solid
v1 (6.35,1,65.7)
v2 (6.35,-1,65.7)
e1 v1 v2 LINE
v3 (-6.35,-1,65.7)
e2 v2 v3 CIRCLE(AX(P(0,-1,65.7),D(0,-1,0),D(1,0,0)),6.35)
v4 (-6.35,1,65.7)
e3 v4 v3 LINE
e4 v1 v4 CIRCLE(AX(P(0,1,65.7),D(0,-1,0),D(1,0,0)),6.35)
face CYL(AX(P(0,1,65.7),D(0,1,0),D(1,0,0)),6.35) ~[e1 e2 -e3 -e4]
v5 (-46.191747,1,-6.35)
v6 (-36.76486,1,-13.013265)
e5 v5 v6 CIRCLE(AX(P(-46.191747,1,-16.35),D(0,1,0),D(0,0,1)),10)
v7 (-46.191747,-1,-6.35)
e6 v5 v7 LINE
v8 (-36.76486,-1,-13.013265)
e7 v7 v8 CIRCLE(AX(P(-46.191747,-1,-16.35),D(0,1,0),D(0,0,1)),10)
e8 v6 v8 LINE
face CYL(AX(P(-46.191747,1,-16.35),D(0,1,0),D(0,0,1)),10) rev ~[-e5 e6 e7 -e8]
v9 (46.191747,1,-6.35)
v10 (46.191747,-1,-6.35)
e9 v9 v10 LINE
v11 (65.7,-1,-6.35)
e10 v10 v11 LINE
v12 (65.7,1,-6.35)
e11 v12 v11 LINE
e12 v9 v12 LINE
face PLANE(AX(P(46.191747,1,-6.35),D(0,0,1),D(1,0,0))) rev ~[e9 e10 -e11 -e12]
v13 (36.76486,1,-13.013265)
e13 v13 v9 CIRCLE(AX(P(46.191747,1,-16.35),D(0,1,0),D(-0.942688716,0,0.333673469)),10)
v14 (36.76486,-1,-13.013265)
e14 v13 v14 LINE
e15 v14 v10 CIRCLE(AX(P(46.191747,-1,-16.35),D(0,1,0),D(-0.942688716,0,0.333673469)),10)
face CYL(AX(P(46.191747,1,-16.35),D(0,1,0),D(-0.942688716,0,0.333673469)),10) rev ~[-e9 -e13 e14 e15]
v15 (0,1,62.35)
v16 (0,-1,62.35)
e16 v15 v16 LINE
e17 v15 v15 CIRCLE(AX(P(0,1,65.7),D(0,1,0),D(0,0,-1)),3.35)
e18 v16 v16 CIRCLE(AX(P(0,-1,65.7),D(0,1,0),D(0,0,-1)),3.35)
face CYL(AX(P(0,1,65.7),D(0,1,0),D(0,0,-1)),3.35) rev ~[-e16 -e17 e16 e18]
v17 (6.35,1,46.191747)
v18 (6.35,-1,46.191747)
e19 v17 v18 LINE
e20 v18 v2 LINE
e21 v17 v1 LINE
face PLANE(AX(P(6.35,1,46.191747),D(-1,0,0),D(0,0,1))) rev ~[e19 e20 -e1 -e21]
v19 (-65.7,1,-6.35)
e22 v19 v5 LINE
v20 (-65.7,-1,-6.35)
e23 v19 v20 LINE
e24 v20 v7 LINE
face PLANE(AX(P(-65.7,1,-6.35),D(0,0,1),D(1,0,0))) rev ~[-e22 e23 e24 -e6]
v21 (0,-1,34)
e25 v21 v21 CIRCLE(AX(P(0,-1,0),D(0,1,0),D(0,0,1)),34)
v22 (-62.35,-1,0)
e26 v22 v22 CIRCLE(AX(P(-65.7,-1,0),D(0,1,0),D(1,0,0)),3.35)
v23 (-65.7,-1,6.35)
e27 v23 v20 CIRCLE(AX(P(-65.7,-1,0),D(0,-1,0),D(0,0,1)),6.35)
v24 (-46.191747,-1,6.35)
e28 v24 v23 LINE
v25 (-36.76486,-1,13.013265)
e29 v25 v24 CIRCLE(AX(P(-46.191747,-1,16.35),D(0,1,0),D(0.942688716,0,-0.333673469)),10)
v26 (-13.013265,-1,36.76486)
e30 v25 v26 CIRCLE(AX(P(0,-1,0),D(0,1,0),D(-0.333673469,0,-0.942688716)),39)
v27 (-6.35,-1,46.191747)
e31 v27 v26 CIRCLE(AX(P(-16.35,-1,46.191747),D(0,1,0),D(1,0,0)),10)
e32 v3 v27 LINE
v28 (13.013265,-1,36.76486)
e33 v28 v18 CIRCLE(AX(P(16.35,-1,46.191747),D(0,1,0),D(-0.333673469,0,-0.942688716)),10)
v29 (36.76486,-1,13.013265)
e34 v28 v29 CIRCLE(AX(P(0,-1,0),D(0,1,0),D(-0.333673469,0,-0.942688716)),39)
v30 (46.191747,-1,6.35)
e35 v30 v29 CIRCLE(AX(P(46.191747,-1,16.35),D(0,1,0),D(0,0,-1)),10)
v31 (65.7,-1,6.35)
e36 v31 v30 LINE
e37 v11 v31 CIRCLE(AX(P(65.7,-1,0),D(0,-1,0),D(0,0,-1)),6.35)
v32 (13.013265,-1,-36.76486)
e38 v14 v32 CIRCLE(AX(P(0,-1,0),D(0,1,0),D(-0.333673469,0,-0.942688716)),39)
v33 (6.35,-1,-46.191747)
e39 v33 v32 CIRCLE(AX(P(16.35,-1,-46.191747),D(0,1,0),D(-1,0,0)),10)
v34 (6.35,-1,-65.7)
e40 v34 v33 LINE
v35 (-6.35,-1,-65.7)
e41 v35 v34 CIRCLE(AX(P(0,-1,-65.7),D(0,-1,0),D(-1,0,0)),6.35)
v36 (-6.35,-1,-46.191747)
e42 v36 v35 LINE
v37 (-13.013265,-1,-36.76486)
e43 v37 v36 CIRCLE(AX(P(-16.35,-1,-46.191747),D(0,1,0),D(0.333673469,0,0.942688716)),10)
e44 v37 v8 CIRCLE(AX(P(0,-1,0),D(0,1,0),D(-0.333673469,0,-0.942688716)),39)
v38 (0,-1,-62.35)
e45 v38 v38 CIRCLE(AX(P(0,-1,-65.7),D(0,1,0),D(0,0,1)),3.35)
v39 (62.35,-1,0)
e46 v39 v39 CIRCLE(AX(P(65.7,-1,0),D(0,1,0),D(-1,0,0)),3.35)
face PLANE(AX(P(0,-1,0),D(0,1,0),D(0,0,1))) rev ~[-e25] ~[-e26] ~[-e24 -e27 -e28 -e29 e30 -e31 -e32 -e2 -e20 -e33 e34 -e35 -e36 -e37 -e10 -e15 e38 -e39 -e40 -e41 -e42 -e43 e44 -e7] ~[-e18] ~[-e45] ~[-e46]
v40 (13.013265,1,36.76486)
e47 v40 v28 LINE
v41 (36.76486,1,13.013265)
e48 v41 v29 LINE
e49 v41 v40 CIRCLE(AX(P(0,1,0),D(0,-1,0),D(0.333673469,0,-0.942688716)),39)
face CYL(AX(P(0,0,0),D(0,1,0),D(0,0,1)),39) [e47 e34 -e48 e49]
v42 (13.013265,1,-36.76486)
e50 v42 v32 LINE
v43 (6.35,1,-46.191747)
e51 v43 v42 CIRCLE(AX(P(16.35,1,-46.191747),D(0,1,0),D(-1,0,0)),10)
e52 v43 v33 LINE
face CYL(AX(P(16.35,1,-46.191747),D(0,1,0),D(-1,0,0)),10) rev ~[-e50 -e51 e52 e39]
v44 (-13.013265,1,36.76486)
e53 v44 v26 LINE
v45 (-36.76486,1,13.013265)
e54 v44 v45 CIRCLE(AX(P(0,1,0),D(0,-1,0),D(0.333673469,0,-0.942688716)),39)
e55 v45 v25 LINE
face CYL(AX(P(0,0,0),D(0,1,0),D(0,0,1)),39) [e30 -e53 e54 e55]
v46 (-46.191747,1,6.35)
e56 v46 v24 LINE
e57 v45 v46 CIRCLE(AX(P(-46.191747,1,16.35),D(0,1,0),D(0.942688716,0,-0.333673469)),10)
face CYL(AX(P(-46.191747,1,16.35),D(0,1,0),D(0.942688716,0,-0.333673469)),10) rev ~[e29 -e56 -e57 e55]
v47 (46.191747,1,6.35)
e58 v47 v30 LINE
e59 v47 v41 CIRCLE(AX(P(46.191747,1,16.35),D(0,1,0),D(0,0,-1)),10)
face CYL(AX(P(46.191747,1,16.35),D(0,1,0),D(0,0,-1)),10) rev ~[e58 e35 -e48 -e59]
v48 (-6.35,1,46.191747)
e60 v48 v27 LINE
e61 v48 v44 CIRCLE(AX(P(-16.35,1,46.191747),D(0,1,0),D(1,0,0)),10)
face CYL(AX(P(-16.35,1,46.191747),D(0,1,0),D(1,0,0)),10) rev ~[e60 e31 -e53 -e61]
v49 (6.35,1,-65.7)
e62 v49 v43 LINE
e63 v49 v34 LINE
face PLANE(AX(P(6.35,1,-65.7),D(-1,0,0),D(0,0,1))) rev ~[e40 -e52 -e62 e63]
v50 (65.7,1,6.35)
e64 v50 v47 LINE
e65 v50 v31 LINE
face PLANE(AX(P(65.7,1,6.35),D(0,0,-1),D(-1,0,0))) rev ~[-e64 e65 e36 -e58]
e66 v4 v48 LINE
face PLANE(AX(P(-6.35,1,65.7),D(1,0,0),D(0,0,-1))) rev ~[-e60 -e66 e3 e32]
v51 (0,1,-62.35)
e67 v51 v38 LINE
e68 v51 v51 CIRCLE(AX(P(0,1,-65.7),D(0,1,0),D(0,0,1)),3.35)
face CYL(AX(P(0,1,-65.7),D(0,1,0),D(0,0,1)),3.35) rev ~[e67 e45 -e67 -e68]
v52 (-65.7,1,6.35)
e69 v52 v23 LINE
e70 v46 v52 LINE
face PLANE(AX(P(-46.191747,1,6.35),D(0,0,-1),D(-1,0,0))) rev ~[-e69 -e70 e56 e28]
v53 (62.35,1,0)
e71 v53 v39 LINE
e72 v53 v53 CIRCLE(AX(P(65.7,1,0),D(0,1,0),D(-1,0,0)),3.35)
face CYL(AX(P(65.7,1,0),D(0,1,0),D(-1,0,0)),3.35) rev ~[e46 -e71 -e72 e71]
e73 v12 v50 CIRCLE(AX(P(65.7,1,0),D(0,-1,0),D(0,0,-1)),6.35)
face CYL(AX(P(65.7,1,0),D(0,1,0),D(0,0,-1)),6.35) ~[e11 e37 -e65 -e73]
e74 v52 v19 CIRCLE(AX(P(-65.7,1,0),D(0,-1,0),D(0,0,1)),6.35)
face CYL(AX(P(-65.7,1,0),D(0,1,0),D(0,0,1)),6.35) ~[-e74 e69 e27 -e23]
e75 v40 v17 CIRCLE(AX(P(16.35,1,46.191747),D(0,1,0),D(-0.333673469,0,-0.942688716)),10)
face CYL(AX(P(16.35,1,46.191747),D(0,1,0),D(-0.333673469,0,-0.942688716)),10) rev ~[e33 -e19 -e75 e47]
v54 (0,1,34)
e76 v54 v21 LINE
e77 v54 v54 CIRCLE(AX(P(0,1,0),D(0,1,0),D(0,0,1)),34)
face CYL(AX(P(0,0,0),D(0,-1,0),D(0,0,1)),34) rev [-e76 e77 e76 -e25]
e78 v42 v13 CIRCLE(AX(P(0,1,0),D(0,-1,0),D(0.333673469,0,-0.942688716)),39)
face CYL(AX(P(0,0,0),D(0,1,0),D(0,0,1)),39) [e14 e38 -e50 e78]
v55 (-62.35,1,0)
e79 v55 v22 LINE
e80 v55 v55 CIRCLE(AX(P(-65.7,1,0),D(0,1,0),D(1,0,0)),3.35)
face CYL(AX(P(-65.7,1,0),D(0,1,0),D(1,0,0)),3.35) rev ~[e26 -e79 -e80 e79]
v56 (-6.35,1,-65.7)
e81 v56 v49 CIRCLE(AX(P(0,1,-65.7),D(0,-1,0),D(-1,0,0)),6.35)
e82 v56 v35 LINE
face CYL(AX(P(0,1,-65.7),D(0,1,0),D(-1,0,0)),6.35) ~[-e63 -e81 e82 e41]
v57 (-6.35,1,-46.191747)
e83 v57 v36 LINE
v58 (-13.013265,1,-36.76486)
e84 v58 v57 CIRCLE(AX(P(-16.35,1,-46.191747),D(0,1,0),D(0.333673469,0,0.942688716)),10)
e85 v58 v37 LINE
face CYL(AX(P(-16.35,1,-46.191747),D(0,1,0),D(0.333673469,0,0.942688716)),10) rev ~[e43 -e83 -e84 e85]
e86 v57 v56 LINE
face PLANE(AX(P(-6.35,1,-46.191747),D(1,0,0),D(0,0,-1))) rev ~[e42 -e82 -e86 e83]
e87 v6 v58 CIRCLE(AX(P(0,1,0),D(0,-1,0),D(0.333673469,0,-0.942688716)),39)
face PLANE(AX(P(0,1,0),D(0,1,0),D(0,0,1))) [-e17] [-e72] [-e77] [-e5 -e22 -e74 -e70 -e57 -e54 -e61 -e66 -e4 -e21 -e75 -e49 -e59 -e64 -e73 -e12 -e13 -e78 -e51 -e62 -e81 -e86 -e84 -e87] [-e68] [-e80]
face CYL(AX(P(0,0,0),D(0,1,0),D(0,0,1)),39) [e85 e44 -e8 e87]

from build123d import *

# Parameters (mm, degrees)
SKETCH1_R           = 39
SKETCH1_R_2         = 34
BOSS_EXTRUDE1_DEPTH = 1
SKETCH2_R           = 3.35
BOSS_EXTRUDE2_DEPTH = 2
CIRPATTERN1_COUNT   = 4


with BuildPart() as part:
    # Sketch1 → Boss-Extrude1 (new, symmetric)
    with BuildSketch(Plane(origin=(0, 0, 0), x_dir=(1, 0, 0), z_dir=(0, 1, 0))):
        with Locations(Location((0, 0, 0), (0, 0, 270))):
            Circle(SKETCH1_R)
        with Locations(Location((0, 0, 0), (0, 0, 270))):
            Circle(SKETCH1_R_2, mode=Mode.SUBTRACT)
    extrude(amount=BOSS_EXTRUDE1_DEPTH, both=True)

    # Sketch2 → Boss-Extrude2 (add)
    with BuildSketch(Plane(origin=(0, 1, 0), x_dir=(1, 0, 0), z_dir=(0, 1, 0))):
        with BuildLine():
            Line((-6.35, 46.191747098), (-6.35, 65.7))
            ThreePointArc((-6.35, 65.7), (0, 72.05), (6.35, 65.7))
            Line((6.35, 65.7), (6.35, 46.191747098))
            ThreePointArc((6.35, 46.191747098), (8.183992807, 40.419717427), (13.013265306, 36.764859935))
            ThreePointArc((13.013265306, 36.764859935), (0, 39), (-13.013265306, 36.764859935))
            ThreePointArc((-13.013265306, 36.764859935), (-8.183992807, 40.419717427), (-6.35, 46.191747098))
        make_face()
        with Locations(Location((0, 65.7, 0), (0, 0, 270))):
            Circle(SKETCH2_R, mode=Mode.SUBTRACT)
    boss_extrude2 = extrude(amount=-BOSS_EXTRUDE2_DEPTH)

    # CirPattern1: Boss-Extrude2 ×4 about axis
    cirpattern1_axis = Axis((0, 0, 0), (0, 1, 0))
    for i in range(1, CIRPATTERN1_COUNT):
        add(boss_extrude2.rotate(cirpattern1_axis, i * 360 / CIRPATTERN1_COUNT))


solid = part.part
